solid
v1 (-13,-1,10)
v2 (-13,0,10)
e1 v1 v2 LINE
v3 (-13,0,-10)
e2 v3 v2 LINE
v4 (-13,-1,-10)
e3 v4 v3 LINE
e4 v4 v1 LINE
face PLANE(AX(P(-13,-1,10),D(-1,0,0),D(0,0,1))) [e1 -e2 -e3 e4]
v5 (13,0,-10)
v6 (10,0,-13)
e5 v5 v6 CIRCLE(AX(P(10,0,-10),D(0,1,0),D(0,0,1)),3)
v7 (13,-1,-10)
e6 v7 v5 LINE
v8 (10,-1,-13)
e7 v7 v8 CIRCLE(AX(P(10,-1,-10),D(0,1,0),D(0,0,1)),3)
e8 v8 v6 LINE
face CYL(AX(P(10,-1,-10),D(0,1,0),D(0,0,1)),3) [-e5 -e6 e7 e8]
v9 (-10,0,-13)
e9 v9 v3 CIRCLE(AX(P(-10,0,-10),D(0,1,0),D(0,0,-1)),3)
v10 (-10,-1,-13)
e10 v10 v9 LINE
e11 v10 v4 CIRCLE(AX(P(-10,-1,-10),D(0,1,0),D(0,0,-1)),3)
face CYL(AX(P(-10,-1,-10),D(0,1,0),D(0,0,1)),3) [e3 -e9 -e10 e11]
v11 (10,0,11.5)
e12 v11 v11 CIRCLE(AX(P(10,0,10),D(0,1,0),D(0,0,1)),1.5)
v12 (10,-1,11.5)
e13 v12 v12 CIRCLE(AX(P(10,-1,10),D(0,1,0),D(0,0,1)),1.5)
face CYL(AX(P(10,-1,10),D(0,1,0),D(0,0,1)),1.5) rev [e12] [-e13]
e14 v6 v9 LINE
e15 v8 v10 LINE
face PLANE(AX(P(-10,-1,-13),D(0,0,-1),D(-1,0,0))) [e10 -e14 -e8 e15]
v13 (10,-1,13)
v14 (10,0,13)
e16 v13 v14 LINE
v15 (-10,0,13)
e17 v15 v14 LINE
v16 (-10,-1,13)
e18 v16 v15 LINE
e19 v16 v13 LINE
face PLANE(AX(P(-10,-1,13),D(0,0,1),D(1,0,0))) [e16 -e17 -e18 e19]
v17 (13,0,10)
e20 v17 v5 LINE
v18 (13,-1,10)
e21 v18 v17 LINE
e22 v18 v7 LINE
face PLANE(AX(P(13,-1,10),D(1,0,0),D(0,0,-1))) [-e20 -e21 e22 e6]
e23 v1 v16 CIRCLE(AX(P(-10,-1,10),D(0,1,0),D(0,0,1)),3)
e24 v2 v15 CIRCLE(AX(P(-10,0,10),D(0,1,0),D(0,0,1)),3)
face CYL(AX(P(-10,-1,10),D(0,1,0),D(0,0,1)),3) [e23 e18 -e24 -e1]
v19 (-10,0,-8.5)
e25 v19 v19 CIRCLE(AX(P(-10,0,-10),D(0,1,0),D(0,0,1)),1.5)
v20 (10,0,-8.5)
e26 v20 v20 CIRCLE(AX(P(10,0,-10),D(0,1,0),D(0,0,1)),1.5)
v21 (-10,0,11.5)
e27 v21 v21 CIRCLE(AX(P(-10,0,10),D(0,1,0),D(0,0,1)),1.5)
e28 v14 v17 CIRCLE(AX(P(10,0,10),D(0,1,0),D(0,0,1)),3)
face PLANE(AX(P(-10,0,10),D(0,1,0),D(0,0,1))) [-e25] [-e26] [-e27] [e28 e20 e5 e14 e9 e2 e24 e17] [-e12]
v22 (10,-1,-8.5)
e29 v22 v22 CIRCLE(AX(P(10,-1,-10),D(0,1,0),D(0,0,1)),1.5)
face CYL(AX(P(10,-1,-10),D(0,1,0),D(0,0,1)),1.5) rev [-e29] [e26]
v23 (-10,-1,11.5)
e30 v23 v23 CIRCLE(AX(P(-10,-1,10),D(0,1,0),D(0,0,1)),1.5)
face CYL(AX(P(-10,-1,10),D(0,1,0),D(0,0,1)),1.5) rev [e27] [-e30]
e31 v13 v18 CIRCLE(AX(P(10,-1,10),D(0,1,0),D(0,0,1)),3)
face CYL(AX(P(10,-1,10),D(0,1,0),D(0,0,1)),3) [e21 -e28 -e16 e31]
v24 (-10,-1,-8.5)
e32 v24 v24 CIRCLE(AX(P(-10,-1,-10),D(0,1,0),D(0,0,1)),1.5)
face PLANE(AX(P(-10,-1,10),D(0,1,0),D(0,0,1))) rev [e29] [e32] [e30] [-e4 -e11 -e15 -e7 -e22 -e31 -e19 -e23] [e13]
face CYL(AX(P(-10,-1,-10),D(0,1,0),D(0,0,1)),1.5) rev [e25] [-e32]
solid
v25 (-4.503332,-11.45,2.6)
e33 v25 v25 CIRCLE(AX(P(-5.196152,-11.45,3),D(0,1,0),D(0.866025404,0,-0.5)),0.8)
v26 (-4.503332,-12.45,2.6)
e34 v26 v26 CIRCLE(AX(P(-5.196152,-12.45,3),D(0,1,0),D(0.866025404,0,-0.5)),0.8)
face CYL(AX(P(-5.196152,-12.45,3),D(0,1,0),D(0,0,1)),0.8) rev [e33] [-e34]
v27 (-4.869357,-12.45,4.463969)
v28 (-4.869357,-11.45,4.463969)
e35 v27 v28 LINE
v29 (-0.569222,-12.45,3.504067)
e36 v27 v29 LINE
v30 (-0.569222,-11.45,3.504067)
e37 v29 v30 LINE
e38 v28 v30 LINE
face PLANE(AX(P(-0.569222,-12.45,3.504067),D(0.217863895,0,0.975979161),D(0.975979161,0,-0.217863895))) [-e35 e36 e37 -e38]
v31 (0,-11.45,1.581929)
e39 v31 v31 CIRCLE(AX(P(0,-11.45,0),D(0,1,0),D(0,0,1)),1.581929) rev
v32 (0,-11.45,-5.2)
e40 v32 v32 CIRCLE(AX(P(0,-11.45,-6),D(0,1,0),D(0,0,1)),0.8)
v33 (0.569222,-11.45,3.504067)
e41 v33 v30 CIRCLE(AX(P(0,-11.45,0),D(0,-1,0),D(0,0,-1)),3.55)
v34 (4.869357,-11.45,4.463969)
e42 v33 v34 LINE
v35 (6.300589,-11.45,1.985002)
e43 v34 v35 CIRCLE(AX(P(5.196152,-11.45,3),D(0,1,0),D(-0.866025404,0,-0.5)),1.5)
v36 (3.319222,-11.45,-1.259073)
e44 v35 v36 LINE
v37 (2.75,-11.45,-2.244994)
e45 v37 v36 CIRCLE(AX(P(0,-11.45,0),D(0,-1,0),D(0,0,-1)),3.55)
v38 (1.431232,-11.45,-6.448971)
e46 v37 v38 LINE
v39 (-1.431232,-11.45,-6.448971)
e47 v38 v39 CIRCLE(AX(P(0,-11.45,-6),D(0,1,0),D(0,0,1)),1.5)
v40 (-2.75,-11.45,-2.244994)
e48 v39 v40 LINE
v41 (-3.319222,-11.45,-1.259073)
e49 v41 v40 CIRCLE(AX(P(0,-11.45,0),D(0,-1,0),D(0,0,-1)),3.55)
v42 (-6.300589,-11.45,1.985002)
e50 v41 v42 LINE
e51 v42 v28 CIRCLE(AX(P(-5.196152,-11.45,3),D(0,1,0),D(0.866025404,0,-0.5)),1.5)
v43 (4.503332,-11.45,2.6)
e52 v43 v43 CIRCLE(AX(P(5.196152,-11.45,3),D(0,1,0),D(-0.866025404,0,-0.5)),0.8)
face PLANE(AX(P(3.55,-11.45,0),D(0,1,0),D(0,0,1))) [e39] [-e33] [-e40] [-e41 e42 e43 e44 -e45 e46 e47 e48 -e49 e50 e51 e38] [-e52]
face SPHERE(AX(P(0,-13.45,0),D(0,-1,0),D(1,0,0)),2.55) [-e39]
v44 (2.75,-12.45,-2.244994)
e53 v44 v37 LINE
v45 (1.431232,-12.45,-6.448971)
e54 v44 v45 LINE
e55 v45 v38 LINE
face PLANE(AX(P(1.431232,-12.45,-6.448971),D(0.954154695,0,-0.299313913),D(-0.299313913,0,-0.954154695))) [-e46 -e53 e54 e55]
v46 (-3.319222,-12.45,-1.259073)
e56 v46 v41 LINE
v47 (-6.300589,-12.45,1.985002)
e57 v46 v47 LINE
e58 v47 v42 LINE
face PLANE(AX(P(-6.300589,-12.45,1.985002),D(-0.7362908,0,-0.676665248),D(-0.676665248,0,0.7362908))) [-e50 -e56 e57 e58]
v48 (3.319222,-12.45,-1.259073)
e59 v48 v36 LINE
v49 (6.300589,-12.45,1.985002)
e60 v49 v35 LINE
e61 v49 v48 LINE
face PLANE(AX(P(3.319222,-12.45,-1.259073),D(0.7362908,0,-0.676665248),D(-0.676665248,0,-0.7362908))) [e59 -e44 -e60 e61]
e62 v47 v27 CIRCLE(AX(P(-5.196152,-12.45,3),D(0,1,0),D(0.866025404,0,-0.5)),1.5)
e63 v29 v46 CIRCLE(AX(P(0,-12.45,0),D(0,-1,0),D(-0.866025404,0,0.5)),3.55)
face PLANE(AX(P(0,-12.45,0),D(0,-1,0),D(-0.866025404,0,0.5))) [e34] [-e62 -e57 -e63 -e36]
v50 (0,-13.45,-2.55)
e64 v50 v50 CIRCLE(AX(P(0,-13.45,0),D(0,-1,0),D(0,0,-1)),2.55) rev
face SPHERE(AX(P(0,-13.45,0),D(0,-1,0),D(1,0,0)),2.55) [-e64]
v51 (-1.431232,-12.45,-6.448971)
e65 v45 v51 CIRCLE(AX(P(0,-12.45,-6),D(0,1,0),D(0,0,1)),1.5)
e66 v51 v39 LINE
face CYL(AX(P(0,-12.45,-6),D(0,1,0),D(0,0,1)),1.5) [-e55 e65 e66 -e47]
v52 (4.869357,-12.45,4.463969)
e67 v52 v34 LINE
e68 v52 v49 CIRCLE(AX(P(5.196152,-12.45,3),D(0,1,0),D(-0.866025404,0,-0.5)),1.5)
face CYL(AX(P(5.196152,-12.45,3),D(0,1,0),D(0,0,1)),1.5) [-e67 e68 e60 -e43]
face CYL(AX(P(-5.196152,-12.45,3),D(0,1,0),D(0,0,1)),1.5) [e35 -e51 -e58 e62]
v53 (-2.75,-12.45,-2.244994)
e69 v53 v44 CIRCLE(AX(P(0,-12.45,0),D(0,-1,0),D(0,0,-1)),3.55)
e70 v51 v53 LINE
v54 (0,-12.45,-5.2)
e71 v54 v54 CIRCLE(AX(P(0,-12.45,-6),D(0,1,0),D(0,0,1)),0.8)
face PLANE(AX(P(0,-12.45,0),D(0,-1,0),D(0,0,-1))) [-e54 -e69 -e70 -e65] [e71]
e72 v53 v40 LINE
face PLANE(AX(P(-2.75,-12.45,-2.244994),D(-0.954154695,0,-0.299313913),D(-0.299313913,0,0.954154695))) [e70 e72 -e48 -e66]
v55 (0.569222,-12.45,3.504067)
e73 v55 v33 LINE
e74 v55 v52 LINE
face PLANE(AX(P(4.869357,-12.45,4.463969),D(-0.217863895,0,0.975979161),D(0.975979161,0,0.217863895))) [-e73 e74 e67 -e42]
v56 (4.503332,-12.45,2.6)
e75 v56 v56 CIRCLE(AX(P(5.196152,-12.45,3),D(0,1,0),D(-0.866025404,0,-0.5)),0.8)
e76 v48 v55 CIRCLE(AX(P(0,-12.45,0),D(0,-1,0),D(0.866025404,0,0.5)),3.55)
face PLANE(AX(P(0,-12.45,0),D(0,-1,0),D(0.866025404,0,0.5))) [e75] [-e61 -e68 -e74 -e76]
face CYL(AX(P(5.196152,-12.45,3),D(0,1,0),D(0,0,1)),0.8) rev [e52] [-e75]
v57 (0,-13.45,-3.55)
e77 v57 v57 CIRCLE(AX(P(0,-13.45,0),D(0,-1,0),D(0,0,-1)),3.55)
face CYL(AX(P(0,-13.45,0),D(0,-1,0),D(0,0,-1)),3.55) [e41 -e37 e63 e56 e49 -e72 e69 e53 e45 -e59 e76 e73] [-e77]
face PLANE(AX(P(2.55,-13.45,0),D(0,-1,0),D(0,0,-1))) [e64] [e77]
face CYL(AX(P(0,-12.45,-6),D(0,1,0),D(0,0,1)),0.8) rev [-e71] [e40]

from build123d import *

# Parameters (mm, degrees)
SKETCH1_R           = 1.5
BOSS_EXTRUDE1_DEPTH = 1
SKETCH5_R           = 0.8
BOSS_EXTRUDE2_DEPTH = 1
CIRPATTERN3_COUNT   = 3


with BuildPart() as part:
    # Sketch1 → Boss-Extrude1 (new body)
    with BuildSketch(Plane(origin=(0, 0, 0), x_dir=(1, 0, 0), z_dir=(0, 1, 0))):
        with BuildLine():
            Line((-10, -13), (10, -13))
            ThreePointArc((10, -13), (12.121320344, -12.121320344), (13, -10))
            Line((13, -10), (13, 10))
            ThreePointArc((13, 10), (12.121320344, 12.121320344), (10, 13))
            Line((10, 13), (-10, 13))
            ThreePointArc((-10, 13), (-12.121320344, 12.121320344), (-13, 10))
            Line((-13, 10), (-13, -10))
            ThreePointArc((-13, -10), (-12.121320344, -12.121320344), (-10, -13))
        make_face()
        with Locations((-10, 10)):
            Circle(SKETCH1_R, mode=Mode.SUBTRACT)
        with Locations((10, 10)):
            Circle(SKETCH1_R, mode=Mode.SUBTRACT)
        with Locations((-10, -10)):
            Circle(SKETCH1_R, mode=Mode.SUBTRACT)
        with Locations((10, -10)):
            Circle(SKETCH1_R, mode=Mode.SUBTRACT)
    extrude(amount=-BOSS_EXTRUDE1_DEPTH)


with BuildPart() as body_2:
    # Sketch2 → Revolve2 (revolve)
    with BuildSketch(Plane.XY):
        with BuildLine():
            Line((0, -10.9), (0, -16))
            ThreePointArc((0, -16), (2.55, -13.45), (0, -10.9))
        make_face()
    revolve(axis=Axis((0, -13.45, 0), (0, 1, 0)))

    # Sketch4 → Revolve3 (revolve)
    with BuildSketch(Plane.XY):
        with BuildLine():
            Line((2.55, -13.45), (3.55, -13.45))
            Line((3.55, -13.45), (3.55, -11.45))
            Line((3.55, -11.45), (1.581929202, -11.45))
            ThreePointArc((1.581929202, -11.45), (2.295258097, -12.339013831), (2.55, -13.45))
        make_face()
    revolve(axis=Axis((0, -13.45, 0), (0, 1, 0)))

    # Sketch5 → Boss-Extrude2 (add)
    with BuildSketch(Plane(origin=(0, -11.45, 0), x_dir=(1, 0, 0), z_dir=(0, 1, 0))):
        with BuildLine():
            Line((-2.75, 2.244994432), (-1.431232042, 6.44897087))
            ThreePointArc((-1.431232042, 6.44897087), (0, 7.5), (1.431232042, 6.44897087))
            Line((1.431232042, 6.44897087), (2.75, 2.244994432))
            ThreePointArc((2.75, 2.244994432), (0, 3.55), (-2.75, 2.244994432))
        make_face()
        with Locations((0, 6)):
            Circle(SKETCH5_R, mode=Mode.SUBTRACT)
    boss_extrude2 = extrude(amount=-BOSS_EXTRUDE2_DEPTH)

    # CirPattern3: Boss-Extrude2 ×3 about axis
    cirpattern3_axis = Axis((0, 0, 0), (0, 1, 0))
    for i in range(1, CIRPATTERN3_COUNT):
        add(boss_extrude2.rotate(cirpattern3_axis, i * 360 / CIRPATTERN3_COUNT))


solid = Compound([part.part, body_2.part])
